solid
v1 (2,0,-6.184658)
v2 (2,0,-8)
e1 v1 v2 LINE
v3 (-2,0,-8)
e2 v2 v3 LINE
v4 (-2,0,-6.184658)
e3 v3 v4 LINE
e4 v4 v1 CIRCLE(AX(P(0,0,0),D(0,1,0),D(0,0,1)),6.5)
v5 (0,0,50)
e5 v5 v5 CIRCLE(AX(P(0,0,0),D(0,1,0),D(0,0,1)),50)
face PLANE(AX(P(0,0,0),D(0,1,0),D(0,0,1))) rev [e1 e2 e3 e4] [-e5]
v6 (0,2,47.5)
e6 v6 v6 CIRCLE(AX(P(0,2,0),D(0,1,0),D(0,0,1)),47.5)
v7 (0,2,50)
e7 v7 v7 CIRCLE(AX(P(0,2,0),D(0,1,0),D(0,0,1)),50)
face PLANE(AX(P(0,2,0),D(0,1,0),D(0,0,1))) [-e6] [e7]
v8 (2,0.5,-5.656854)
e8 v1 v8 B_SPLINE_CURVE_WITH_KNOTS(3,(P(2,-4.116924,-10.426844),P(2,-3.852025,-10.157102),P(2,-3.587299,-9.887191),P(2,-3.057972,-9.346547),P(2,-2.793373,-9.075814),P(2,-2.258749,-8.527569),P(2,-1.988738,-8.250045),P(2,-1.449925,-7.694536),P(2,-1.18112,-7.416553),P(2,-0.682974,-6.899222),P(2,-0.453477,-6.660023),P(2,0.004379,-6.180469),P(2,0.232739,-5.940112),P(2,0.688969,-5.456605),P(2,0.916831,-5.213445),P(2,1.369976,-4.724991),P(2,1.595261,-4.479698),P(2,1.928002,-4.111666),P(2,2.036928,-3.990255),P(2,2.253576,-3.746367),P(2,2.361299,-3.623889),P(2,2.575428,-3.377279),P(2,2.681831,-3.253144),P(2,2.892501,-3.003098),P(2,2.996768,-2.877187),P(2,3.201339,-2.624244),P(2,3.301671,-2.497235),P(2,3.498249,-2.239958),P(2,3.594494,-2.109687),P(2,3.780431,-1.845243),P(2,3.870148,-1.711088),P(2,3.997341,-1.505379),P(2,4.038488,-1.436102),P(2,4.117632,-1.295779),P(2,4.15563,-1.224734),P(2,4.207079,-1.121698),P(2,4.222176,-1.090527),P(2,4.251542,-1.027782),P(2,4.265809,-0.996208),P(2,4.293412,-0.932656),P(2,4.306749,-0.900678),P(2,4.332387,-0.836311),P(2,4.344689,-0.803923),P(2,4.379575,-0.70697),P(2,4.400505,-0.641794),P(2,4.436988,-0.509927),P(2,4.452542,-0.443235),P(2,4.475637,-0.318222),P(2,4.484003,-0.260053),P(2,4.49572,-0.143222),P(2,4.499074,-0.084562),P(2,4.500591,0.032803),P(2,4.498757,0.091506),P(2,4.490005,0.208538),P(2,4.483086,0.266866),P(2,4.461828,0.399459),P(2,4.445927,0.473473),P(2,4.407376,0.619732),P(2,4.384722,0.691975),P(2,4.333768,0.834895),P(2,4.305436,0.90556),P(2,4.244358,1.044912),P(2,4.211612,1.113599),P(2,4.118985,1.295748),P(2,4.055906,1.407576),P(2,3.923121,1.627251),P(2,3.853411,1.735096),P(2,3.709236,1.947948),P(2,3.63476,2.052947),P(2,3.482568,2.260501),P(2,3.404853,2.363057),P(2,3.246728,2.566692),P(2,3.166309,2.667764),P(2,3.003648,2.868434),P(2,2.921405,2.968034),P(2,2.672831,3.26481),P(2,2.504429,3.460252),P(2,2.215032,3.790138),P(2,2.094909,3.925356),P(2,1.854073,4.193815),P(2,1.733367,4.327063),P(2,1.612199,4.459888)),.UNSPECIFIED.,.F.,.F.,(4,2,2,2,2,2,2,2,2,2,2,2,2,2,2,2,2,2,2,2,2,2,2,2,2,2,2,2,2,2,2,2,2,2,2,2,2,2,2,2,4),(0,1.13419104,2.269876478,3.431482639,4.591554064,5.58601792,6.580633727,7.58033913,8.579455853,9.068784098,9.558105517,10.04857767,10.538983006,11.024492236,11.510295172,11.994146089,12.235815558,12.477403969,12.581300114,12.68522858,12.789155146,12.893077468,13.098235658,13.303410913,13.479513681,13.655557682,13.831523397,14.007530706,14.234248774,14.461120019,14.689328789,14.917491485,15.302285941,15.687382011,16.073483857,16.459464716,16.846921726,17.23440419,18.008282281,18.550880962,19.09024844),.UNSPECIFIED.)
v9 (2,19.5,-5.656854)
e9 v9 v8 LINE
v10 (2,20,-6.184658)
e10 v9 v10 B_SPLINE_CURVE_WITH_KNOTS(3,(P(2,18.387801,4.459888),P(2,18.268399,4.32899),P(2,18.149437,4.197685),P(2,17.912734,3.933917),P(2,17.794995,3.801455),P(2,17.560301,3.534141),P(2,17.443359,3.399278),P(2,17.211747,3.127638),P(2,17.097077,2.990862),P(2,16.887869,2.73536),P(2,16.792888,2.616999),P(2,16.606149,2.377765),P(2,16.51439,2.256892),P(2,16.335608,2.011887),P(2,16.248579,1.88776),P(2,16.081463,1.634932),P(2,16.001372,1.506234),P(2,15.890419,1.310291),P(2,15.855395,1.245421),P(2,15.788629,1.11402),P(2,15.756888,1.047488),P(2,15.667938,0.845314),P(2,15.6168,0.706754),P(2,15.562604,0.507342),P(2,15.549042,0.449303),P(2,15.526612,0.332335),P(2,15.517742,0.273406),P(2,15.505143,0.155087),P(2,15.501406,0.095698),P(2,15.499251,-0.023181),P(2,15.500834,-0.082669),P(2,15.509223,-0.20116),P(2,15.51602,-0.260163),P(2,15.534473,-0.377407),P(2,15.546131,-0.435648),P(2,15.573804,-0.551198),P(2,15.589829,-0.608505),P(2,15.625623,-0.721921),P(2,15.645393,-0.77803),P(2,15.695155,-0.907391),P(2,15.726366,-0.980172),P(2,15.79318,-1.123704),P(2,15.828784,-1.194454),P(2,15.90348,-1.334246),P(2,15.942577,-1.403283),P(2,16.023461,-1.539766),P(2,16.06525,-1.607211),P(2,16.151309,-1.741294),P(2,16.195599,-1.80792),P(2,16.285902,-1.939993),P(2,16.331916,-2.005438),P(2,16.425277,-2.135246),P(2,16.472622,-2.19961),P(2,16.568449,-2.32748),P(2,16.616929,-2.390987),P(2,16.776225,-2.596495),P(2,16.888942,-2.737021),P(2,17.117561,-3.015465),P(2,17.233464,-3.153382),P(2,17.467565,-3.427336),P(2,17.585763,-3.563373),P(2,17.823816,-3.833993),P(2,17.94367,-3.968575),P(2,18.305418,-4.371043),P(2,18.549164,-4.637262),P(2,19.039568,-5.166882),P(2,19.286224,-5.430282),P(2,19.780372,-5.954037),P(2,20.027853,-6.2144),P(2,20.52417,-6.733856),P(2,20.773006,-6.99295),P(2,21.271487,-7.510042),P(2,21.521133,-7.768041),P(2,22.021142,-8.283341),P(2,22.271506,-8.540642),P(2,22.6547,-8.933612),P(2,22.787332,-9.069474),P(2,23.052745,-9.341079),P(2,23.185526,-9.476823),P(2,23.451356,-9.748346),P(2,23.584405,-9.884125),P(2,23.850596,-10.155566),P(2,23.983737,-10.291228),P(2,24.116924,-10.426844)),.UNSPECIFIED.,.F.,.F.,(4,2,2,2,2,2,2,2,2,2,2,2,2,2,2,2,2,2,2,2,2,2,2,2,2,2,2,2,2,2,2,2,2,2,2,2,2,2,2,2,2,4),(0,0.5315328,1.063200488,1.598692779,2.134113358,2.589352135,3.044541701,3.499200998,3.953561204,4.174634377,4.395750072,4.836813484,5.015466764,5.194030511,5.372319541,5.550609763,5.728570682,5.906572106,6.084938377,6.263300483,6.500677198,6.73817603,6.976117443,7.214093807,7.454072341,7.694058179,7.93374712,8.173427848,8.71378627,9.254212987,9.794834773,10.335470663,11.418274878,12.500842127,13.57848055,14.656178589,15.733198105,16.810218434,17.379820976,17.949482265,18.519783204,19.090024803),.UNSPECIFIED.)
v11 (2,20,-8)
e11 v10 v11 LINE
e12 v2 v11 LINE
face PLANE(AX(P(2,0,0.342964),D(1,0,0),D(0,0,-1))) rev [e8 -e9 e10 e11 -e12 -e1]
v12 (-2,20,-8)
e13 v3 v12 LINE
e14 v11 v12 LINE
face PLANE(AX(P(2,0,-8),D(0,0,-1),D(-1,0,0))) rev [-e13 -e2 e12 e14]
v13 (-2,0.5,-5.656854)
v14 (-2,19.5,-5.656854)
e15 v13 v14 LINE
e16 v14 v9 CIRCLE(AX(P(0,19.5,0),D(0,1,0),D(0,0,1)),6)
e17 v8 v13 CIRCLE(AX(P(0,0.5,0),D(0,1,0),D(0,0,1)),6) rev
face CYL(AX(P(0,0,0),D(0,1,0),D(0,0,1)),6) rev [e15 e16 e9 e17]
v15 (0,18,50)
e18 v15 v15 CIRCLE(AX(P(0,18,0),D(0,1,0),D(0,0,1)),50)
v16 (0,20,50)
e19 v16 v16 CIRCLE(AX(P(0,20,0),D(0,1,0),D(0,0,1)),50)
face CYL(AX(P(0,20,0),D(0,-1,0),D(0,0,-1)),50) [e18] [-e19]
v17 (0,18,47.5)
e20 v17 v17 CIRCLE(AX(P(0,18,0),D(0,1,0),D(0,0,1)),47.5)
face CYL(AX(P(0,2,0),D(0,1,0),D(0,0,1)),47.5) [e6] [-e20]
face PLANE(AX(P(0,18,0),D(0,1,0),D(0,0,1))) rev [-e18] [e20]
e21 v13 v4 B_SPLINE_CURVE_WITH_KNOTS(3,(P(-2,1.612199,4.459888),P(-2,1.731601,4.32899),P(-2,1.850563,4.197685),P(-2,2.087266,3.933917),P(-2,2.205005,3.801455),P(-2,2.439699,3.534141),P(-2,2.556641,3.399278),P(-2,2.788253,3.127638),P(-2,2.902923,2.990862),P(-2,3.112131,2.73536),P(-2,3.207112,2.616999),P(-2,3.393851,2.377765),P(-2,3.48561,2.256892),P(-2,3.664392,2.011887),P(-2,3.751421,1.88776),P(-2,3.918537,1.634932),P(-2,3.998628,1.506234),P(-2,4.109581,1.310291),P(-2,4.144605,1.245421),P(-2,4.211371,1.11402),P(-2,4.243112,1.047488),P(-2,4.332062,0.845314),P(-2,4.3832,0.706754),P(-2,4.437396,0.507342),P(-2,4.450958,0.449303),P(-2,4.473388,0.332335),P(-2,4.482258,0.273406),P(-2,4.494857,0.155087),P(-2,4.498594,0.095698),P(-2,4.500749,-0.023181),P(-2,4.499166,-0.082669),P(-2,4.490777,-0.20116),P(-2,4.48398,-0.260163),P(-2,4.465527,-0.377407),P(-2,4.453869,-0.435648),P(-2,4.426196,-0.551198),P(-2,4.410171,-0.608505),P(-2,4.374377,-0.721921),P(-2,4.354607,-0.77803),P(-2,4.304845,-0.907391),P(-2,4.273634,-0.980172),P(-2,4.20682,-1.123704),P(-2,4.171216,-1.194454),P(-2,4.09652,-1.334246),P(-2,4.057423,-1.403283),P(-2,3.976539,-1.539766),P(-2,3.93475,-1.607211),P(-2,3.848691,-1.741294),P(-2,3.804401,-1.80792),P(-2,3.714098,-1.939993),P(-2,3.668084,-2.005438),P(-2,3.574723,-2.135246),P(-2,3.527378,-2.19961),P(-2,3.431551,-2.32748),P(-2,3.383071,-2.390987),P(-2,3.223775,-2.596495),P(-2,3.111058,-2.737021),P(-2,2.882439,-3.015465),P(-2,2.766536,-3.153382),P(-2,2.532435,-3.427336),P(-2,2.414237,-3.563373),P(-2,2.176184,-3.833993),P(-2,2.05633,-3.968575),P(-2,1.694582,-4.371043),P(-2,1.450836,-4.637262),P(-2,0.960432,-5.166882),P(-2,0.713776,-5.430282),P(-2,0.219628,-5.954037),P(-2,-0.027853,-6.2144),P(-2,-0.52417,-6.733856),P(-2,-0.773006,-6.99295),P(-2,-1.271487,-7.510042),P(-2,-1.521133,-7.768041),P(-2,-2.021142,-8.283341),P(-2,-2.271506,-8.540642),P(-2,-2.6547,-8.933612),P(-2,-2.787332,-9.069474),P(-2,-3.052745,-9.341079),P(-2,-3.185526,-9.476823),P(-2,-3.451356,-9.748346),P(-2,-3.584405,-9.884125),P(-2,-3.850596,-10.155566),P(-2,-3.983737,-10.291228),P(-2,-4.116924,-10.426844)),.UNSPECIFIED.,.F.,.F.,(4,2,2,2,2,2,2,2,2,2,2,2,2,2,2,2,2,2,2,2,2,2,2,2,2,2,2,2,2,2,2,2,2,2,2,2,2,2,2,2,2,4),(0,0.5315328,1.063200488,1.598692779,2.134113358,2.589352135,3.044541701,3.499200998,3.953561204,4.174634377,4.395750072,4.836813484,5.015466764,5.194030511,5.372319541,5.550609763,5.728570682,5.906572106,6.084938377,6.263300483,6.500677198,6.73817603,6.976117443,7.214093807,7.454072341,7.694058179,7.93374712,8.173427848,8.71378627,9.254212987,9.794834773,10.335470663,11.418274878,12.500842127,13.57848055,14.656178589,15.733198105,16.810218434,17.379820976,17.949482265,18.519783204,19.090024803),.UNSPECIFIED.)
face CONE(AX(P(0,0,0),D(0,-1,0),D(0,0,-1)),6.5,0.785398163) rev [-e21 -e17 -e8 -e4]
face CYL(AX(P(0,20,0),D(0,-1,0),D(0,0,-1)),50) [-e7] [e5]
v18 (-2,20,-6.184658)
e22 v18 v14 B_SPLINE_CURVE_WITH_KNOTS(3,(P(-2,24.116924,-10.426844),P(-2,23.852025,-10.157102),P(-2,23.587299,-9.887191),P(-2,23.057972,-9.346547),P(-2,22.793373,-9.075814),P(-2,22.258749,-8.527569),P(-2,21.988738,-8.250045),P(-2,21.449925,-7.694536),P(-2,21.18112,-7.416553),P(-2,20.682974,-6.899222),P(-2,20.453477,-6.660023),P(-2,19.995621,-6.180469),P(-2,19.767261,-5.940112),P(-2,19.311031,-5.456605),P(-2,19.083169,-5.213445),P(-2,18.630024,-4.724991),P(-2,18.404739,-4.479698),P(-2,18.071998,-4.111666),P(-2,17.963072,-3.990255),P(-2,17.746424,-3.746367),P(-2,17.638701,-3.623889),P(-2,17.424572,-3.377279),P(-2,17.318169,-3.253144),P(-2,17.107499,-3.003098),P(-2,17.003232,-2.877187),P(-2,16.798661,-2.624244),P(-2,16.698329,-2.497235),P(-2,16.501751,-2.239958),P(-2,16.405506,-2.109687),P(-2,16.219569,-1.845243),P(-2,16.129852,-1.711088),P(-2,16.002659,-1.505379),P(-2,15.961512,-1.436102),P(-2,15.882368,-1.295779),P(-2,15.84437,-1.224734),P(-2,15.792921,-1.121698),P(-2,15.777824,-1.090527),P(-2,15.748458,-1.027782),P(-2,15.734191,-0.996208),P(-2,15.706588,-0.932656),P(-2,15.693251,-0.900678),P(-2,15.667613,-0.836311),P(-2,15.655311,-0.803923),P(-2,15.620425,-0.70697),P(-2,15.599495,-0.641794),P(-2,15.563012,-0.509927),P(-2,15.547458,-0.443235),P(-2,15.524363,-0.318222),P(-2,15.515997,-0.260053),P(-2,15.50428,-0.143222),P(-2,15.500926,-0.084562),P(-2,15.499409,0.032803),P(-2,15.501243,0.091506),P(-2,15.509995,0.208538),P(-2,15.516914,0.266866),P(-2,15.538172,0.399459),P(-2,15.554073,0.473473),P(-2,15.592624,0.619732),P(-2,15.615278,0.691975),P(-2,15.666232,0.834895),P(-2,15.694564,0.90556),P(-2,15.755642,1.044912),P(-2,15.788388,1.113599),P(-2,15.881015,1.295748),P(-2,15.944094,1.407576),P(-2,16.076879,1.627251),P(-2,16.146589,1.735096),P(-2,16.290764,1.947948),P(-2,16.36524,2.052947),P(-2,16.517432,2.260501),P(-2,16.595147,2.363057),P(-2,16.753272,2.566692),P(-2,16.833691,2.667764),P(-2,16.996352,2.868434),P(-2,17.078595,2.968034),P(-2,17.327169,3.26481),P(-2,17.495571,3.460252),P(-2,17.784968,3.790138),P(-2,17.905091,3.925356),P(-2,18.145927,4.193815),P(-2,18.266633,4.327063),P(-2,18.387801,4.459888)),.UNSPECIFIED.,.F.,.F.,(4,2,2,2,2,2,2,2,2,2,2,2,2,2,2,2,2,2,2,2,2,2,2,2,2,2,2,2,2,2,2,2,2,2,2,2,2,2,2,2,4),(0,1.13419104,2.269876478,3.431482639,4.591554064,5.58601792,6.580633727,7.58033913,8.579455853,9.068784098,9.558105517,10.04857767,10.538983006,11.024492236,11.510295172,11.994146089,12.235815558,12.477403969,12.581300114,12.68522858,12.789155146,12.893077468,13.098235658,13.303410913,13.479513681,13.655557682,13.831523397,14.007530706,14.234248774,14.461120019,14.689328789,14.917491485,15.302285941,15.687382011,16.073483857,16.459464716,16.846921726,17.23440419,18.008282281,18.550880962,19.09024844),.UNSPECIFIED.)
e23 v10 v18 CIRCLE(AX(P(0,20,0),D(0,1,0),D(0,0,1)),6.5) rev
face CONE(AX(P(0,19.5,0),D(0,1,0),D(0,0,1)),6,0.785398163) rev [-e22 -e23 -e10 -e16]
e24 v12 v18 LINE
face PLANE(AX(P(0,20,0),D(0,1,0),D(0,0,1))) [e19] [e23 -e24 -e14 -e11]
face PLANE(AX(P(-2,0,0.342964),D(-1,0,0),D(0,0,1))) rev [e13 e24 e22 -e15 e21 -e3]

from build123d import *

# Parameters (mm, degrees)
SKETCH_1_R          = 50
EXTRUDE_1_DEPTH     = 20
CUT_EXTRUDE_START   = -18
SKETCH_2_R          = 50
SKETCH_2_R_2        = 47.5
CUT_EXTRUDE_1_DEPTH = 16
SKETCH_3_R          = 6
CUT_EXTRUDE_2_DEPTH = 74.484692283
CHAMFER_1_SIZE      = 0.5
SKETCH_4_W          = 4
SKETCH_4_H          = 8.342964167
CUT_EXTRUDE_3_DEPTH = 74.484692283


with BuildPart() as part:
    # 草图1 → 凸台-拉伸1 (new body)
    with BuildSketch(Plane(origin=(0, 0, 0), x_dir=(1, 0, 0), z_dir=(0, 1, 0))):
        with Locations(Location((0, 0, 0), (0, 0, 270))):
            Circle(SKETCH_1_R)
    extrude(amount=EXTRUDE_1_DEPTH)

    # 草图2 → 切除-拉伸1 (cut)
    with BuildSketch(Plane(origin=(0, 20, 0), x_dir=(1, 0, 0), z_dir=(0, 1, 0)).offset(CUT_EXTRUDE_START)):
        with Locations(Location((0, 0, 0), (0, 0, 270))):
            Circle(SKETCH_2_R)
        with Locations(Location((0, 0, 0), (0, 0, 270))):
            Circle(SKETCH_2_R_2, mode=Mode.SUBTRACT)
    extrude(amount=CUT_EXTRUDE_1_DEPTH, mode=Mode.SUBTRACT)

    # 草图3 → 切除-拉伸2 (cut, through all)
    with BuildSketch(Plane(origin=(0, 20, 0), x_dir=(1, 0, 0), z_dir=(0, 1, 0))):
        with Locations(Location((0, 0, 0), (0, 0, 270))):
            Circle(SKETCH_3_R)
    extrude(amount=-CUT_EXTRUDE_2_DEPTH, mode=Mode.SUBTRACT)

    # 倒角1
    chamfer_1_edges = [part.edges().sort_by_distance(p)[0] for p in [
        (0, 0, -6),
        (0, 20, -6),
    ]]
    chamfer(chamfer_1_edges, length=CHAMFER_1_SIZE)

    # 草图4 → 切除-拉伸3 (cut, through all)
    with BuildSketch(Plane(origin=(0, 20, 0), x_dir=(1, 0, 0), z_dir=(0, 1, 0))):
        with Locations((0, 3.828517917)):
            Rectangle(SKETCH_4_W, SKETCH_4_H)
    extrude(amount=-CUT_EXTRUDE_3_DEPTH, mode=Mode.SUBTRACT)


solid = part.part
